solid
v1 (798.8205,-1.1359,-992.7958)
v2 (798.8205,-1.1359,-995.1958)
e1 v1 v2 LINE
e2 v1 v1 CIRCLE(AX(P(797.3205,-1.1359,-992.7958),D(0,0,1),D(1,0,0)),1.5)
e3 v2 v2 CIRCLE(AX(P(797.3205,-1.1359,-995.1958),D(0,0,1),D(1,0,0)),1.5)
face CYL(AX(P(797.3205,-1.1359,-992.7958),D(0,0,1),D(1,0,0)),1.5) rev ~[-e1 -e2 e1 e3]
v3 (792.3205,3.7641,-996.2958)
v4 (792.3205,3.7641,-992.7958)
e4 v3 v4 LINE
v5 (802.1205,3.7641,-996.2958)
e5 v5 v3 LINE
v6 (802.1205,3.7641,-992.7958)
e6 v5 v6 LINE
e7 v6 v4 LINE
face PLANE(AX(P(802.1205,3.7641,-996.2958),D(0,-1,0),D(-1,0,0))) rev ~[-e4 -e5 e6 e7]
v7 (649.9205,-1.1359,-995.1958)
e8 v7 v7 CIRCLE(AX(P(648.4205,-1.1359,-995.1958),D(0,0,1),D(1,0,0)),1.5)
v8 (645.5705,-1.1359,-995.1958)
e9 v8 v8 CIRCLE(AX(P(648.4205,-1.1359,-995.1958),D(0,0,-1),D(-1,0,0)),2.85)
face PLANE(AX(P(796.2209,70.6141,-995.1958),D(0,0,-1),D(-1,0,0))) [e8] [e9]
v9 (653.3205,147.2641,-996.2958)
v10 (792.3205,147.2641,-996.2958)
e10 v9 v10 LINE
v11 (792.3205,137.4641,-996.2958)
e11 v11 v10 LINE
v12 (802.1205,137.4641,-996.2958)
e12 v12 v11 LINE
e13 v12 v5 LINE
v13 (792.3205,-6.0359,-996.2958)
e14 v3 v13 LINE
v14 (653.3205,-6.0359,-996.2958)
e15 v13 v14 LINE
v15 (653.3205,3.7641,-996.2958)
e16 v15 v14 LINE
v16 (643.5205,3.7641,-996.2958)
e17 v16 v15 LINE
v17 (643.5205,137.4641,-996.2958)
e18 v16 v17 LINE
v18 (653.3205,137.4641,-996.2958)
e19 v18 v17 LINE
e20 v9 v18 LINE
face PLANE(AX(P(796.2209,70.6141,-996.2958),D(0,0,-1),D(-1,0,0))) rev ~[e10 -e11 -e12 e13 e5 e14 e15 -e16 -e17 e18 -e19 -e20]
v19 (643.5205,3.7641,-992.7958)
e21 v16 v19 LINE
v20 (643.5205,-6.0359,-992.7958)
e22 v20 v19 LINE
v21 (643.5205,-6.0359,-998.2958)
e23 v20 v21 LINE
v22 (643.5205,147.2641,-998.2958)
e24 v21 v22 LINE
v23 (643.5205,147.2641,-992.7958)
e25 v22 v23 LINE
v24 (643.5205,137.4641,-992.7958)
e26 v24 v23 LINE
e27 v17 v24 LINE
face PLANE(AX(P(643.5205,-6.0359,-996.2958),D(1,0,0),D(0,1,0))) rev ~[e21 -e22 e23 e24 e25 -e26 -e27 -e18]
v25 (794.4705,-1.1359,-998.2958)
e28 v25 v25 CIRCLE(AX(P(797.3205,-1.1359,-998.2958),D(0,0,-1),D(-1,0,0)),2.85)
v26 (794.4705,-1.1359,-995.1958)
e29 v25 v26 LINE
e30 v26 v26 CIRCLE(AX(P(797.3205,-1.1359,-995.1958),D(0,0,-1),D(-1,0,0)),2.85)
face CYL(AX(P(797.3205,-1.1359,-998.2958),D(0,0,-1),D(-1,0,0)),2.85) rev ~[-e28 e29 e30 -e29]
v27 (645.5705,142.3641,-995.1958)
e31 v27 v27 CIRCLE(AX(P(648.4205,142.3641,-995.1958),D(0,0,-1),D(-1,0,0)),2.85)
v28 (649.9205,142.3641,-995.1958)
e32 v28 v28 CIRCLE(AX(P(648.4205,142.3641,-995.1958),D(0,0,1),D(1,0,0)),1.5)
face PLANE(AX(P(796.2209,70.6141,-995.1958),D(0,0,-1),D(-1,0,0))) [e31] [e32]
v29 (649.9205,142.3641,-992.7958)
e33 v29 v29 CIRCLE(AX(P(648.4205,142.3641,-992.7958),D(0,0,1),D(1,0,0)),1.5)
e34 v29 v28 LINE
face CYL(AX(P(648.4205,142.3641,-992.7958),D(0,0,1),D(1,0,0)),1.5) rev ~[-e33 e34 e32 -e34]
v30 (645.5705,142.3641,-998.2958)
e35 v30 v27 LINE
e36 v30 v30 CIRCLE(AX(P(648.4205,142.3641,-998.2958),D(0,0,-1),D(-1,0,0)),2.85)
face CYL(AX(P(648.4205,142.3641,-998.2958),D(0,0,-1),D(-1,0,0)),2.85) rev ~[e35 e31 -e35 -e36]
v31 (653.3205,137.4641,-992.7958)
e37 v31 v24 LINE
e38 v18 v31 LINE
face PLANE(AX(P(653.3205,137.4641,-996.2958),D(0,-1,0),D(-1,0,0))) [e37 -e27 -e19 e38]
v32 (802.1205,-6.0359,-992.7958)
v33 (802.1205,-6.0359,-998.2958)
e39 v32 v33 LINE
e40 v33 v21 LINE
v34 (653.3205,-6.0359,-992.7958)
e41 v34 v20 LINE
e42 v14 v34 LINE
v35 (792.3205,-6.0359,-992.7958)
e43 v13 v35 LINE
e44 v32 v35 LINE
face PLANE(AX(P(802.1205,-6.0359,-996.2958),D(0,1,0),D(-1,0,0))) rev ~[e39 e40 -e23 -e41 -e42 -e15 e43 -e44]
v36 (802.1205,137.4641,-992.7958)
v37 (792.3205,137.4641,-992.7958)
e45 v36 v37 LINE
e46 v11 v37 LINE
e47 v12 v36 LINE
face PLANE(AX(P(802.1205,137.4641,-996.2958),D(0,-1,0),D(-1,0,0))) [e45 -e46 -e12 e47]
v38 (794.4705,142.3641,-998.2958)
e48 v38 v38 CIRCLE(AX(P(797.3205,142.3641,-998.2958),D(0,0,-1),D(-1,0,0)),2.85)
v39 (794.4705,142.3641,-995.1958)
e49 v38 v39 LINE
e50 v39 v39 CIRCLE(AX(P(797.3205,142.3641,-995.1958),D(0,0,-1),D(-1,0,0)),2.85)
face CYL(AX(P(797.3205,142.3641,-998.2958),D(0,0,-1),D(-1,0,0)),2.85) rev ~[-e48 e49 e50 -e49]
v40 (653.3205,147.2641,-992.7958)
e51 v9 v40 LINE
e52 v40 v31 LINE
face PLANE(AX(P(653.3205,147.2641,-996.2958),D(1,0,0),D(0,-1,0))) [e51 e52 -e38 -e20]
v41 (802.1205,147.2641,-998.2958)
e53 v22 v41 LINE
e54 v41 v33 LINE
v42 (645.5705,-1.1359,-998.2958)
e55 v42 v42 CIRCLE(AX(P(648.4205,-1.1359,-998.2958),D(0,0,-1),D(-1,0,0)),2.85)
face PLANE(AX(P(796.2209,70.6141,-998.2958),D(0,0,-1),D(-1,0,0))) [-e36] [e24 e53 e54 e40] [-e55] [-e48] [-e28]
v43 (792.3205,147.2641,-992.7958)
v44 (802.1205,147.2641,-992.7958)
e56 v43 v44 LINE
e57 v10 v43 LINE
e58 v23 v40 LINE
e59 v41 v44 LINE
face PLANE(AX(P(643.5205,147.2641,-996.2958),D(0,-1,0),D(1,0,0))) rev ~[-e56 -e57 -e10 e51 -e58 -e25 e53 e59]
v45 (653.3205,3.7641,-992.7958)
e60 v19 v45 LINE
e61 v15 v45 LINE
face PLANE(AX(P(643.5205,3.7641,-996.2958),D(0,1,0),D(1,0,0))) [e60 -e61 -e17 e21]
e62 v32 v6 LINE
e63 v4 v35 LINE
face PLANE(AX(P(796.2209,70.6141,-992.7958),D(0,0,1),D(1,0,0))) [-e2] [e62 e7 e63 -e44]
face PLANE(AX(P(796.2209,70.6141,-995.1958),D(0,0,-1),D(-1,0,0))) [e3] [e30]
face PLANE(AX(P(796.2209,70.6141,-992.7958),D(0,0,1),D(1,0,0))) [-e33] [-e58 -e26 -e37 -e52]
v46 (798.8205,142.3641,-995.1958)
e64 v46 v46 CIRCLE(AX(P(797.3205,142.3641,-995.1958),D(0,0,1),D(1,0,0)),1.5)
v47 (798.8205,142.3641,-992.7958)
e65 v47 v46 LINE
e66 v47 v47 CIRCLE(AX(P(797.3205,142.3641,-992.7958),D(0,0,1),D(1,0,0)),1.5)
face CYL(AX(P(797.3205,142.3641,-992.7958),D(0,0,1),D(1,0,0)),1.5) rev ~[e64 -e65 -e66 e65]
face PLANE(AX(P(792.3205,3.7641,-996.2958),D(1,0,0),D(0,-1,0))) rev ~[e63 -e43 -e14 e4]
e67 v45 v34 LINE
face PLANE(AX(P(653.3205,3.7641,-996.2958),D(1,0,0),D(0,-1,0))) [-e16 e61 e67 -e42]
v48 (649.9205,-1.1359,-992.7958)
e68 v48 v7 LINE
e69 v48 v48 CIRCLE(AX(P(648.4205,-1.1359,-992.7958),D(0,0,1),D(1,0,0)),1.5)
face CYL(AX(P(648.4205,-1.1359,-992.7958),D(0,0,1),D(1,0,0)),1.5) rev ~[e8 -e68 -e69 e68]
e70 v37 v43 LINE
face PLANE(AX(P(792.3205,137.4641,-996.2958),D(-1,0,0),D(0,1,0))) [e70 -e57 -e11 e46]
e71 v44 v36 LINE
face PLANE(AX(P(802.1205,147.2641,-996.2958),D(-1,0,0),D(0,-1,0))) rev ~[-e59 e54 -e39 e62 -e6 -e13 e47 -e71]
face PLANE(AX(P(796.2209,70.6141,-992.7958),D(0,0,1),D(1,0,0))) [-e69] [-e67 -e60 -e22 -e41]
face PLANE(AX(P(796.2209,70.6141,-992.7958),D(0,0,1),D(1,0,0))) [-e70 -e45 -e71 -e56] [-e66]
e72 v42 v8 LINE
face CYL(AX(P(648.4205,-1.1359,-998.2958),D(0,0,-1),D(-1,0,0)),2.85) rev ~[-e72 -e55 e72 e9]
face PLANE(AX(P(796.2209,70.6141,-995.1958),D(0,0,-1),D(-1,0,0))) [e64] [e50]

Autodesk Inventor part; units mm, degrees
ref_plane "YZ Plane" through (0, 0, 0) normal (1, 0, 0) x (0, 1, 0)
ref_plane "XZ Plane" through (0, 0, 0) normal (0, 1, 0) x (-1, 0, 0)
ref_plane "XY Plane" through (0, 0, 0) normal (0, 0, 1) x (1, 0, 0)
ref_plane "Arbeitsebene1" through (796.2209, 70.6141, -996.2958) normal (0, 0, -1) x (-1, 0, 0)
sketch "Skizze1" plane through (796.2209, 70.6141, -996.2958) normal (0, 0, -1) x (-1, 0, 0)
  line L0 (-3.9996, -76.75) -> (4.0004, -76.75) construction
  line L1 (-3.9996, 76.75) -> (-3.9996, -76.75) construction
  line L2 (4.0004, 76.75) -> (-3.9996, 76.75) construction
  line L3 (4.0004, 84.25) -> (4.0004, 76.75) construction
  line L4 (-37.8996, 84.25) -> (4.0004, 84.25) construction
  line L5 (-37.8996, 1.75) -> (-37.8996, 84.25) construction
  line L6 (-133.3996, 1.75) -> (-37.8996, 1.75) construction
  line L7 (-133.3996, -84.25) -> (-133.3996, 1.75) construction
  line L8 (4.0004, -84.25) -> (-133.3996, -84.25) construction
  line L9 (4.0004, -76.75) -> (4.0004, -84.25) construction
  line L10 (150.8004, -76.75) -> (142.8004, -76.75) construction
  line L11 (142.8004, -76.75) -> (142.8004, -84.25) construction
  line L12 (142.8004, -84.25) -> (280.2004, -84.25) construction
  line L13 (280.2004, -84.25) -> (280.2004, 1.75) construction
  line L14 (280.2004, 1.75) -> (184.7004, 1.75) construction
  line L15 (184.7004, 1.75) -> (184.7004, 84.25) construction
  line L16 (184.7004, 84.25) -> (142.8004, 84.25) construction
  line L17 (142.8004, 84.25) -> (142.8004, 76.75) construction
  line L18 (142.8004, 76.75) -> (150.8004, 76.75) construction
  line L19 (150.8004, 76.75) -> (150.8004, -76.75) construction
  line L20 (-5.9996, 76.75) -> (-5.9996, -76.75) construction
  line L21 (152.8004, 76.75) -> (152.8004, -76.75) construction
  line L22 (-5.9996, 76.75) -> (152.8004, 76.75) construction
  line L23 (-5.9996, -76.75) -> (152.8004, -76.75) construction
  line L24 (73.4004, -76.75) -> (73.4004, 76.75) construction
  line L25 (-5.8996, -76.65) -> (152.7004, -76.65)
  line L26 (152.7004, -76.65) -> (152.7004, 76.65)
  line L27 (152.7004, 76.65) -> (-5.8996, 76.65)
  line L28 (-5.8996, 76.65) -> (-5.8996, -76.65)
  line L29 (-5.8996, -76.65) -> (152.7004, 76.65) construction
  line L30 (152.7004, -76.65) -> (-5.8996, 76.65) construction
  point P0 (796.2209, -70.6141)
  point P1 (73.4004, 0)
  dimension "d24" = 0.1
  dimension "d25" = 0.1
extrude "Extrusion1" add sketch "Skizze1" along normal blind 2
sketch "Skizze2" plane through (796.2209, 70.6141, -996.2958) normal (0, 0, 1) x (1, 0, 0)
  line L0 (-152.8004, -76.75) -> (-142.8004, -76.75) construction
  line L1 (-142.8004, -66.75) -> (-152.8004, -66.75) construction
  line L2 (-142.8004, -76.75) -> (-142.8004, -66.75) construction
  line L3 (-152.8004, -66.75) -> (-152.8004, -76.75) construction
  line L4 (-4.0004, -66.75) -> (5.9996, -66.75) construction
  line L5 (-4.0004, -76.75) -> (-4.0004, -66.75) construction
  line L6 (5.9996, -66.75) -> (5.9996, -76.75) construction
  line L7 (5.9996, -76.75) -> (-4.0004, -76.75) construction
  line L8 (-152.8004, 66.75) -> (-142.8004, 66.75) construction
  line L9 (-142.8004, 66.75) -> (-142.8004, 76.75) construction
  line L10 (-142.8004, 76.75) -> (-152.8004, 76.75) construction
  line L11 (-152.8004, 76.75) -> (-152.8004, 66.75) construction
  line L12 (-4.0004, 66.75) -> (-4.0004, 76.75) construction
  line L13 (5.9996, 66.75) -> (-4.0004, 66.75) construction
  line L14 (-4.0004, 76.75) -> (5.9996, 76.75) construction
  line L15 (5.9996, 76.75) -> (5.9996, 66.75) construction
  line L16 (-142.9004, -76.65) -> (-152.7004, -76.65)
  line L17 (-152.7004, -76.65) -> (-152.7004, -66.85)
  line L18 (-152.7004, -66.85) -> (-142.9004, -66.85)
  line L19 (-142.9004, -66.85) -> (-142.9004, -76.65)
  line L20 (5.8996, -76.65) -> (-152.7004, -76.65) projected
  line L21 (5.8996, -76.65) -> (5.8996, -66.85)
  line L22 (5.8996, -66.85) -> (-3.9004, -66.85)
  line L23 (-3.9004, -66.85) -> (-3.9004, -76.65)
  line L24 (-3.9004, -76.65) -> (5.8996, -76.65)
  line L25 (5.8996, 76.65) -> (5.8996, -76.65) projected
  line L26 (-3.9004, 66.85) -> (-3.9004, 76.65)
  line L27 (-3.9004, 76.65) -> (5.8996, 76.65)
  line L28 (5.8996, 76.65) -> (5.8996, 66.85)
  line L29 (5.8996, 66.85) -> (-3.9004, 66.85)
  line L30 (-142.9004, 76.65) -> (-142.9004, 66.85)
  line L31 (-142.9004, 66.85) -> (-152.7004, 66.85)
  line L32 (-152.7004, 66.85) -> (-152.7004, 76.65)
  line L33 (-152.7004, 76.65) -> (-142.9004, 76.65)
  line L34 (-152.7004, 76.65) -> (5.8996, 76.65) projected
  point P0 (-796.2209, -70.6141)
extrude "Extrusion2" add sketch "Skizze2" along normal blind 3.5
sketch "Skizze3" plane through (796.2209, 70.6141, -992.7958) normal (0, 0, 1) x (1, 0, 0)
  circle A0 centre (0.9996, 71.75) radius 1.75 construction
  circle A1 centre (0.9996, -71.75) radius 1.75 construction
  circle A2 centre (-147.8004, 71.75) radius 1.75 construction
  circle A3 centre (-147.8004, -71.75) radius 1.75 construction
  line L0 (-142.9004, 66.85) -> (-142.9004, 76.65) projected
  line L1 (-142.9004, 76.65) -> (-152.7004, 76.65) projected
  line L2 (-152.7004, 76.65) -> (-152.7004, 66.85) projected
  line L3 (-152.7004, 66.85) -> (-142.9004, 66.85) projected
  circle A4 centre (-147.8004, 71.75) radius 1.5
  circle A5 centre (1.0996, 71.75) radius 1.5
  circle A6 centre (1.0996, -71.75) radius 1.5
  circle A7 centre (-147.8004, -71.75) radius 1.5
  point P0 (-796.2209, -70.6141)
extrude "Extrusion3" cut sketch "Skizze3" against normal blind 15.5 contours A4 | A5 | A6 | A7
sketch "Skizze4" plane through (796.2209, 70.6141, -998.2958) normal (0, 0, -1) x (-1, 0, 0)
  circle A0 centre (147.8004, 71.75) radius 1.5 construction
  circle A1 centre (147.8004, -71.75) radius 1.5 construction
  circle A2 centre (-1.0996, -71.75) radius 1.5 construction
  circle A3 centre (147.8004, -71.75) radius 2.85
  circle A4 centre (-1.0996, -71.75) radius 2.85
  circle A5 centre (147.8004, 71.75) radius 2.85
  circle A6 centre (-1.0996, 71.75) radius 2.85
  circle A7 centre (-1.0996, 71.75) radius 1.5 construction
  point P0 (796.2209, -70.6141)
  dimension "d27" = 5.7
  dimension "d28" = 5.7
  dimension "d29" = 5.7
  dimension "d30" = 5.7
extrude "Extrusion4" cut sketch "Skizze4" against normal blind 3.1
equation "\"d28\" = d27"
equation "\"d29\" = d27"
equation "\"d30\" = d27"
properties part number "Backplate-housing"
